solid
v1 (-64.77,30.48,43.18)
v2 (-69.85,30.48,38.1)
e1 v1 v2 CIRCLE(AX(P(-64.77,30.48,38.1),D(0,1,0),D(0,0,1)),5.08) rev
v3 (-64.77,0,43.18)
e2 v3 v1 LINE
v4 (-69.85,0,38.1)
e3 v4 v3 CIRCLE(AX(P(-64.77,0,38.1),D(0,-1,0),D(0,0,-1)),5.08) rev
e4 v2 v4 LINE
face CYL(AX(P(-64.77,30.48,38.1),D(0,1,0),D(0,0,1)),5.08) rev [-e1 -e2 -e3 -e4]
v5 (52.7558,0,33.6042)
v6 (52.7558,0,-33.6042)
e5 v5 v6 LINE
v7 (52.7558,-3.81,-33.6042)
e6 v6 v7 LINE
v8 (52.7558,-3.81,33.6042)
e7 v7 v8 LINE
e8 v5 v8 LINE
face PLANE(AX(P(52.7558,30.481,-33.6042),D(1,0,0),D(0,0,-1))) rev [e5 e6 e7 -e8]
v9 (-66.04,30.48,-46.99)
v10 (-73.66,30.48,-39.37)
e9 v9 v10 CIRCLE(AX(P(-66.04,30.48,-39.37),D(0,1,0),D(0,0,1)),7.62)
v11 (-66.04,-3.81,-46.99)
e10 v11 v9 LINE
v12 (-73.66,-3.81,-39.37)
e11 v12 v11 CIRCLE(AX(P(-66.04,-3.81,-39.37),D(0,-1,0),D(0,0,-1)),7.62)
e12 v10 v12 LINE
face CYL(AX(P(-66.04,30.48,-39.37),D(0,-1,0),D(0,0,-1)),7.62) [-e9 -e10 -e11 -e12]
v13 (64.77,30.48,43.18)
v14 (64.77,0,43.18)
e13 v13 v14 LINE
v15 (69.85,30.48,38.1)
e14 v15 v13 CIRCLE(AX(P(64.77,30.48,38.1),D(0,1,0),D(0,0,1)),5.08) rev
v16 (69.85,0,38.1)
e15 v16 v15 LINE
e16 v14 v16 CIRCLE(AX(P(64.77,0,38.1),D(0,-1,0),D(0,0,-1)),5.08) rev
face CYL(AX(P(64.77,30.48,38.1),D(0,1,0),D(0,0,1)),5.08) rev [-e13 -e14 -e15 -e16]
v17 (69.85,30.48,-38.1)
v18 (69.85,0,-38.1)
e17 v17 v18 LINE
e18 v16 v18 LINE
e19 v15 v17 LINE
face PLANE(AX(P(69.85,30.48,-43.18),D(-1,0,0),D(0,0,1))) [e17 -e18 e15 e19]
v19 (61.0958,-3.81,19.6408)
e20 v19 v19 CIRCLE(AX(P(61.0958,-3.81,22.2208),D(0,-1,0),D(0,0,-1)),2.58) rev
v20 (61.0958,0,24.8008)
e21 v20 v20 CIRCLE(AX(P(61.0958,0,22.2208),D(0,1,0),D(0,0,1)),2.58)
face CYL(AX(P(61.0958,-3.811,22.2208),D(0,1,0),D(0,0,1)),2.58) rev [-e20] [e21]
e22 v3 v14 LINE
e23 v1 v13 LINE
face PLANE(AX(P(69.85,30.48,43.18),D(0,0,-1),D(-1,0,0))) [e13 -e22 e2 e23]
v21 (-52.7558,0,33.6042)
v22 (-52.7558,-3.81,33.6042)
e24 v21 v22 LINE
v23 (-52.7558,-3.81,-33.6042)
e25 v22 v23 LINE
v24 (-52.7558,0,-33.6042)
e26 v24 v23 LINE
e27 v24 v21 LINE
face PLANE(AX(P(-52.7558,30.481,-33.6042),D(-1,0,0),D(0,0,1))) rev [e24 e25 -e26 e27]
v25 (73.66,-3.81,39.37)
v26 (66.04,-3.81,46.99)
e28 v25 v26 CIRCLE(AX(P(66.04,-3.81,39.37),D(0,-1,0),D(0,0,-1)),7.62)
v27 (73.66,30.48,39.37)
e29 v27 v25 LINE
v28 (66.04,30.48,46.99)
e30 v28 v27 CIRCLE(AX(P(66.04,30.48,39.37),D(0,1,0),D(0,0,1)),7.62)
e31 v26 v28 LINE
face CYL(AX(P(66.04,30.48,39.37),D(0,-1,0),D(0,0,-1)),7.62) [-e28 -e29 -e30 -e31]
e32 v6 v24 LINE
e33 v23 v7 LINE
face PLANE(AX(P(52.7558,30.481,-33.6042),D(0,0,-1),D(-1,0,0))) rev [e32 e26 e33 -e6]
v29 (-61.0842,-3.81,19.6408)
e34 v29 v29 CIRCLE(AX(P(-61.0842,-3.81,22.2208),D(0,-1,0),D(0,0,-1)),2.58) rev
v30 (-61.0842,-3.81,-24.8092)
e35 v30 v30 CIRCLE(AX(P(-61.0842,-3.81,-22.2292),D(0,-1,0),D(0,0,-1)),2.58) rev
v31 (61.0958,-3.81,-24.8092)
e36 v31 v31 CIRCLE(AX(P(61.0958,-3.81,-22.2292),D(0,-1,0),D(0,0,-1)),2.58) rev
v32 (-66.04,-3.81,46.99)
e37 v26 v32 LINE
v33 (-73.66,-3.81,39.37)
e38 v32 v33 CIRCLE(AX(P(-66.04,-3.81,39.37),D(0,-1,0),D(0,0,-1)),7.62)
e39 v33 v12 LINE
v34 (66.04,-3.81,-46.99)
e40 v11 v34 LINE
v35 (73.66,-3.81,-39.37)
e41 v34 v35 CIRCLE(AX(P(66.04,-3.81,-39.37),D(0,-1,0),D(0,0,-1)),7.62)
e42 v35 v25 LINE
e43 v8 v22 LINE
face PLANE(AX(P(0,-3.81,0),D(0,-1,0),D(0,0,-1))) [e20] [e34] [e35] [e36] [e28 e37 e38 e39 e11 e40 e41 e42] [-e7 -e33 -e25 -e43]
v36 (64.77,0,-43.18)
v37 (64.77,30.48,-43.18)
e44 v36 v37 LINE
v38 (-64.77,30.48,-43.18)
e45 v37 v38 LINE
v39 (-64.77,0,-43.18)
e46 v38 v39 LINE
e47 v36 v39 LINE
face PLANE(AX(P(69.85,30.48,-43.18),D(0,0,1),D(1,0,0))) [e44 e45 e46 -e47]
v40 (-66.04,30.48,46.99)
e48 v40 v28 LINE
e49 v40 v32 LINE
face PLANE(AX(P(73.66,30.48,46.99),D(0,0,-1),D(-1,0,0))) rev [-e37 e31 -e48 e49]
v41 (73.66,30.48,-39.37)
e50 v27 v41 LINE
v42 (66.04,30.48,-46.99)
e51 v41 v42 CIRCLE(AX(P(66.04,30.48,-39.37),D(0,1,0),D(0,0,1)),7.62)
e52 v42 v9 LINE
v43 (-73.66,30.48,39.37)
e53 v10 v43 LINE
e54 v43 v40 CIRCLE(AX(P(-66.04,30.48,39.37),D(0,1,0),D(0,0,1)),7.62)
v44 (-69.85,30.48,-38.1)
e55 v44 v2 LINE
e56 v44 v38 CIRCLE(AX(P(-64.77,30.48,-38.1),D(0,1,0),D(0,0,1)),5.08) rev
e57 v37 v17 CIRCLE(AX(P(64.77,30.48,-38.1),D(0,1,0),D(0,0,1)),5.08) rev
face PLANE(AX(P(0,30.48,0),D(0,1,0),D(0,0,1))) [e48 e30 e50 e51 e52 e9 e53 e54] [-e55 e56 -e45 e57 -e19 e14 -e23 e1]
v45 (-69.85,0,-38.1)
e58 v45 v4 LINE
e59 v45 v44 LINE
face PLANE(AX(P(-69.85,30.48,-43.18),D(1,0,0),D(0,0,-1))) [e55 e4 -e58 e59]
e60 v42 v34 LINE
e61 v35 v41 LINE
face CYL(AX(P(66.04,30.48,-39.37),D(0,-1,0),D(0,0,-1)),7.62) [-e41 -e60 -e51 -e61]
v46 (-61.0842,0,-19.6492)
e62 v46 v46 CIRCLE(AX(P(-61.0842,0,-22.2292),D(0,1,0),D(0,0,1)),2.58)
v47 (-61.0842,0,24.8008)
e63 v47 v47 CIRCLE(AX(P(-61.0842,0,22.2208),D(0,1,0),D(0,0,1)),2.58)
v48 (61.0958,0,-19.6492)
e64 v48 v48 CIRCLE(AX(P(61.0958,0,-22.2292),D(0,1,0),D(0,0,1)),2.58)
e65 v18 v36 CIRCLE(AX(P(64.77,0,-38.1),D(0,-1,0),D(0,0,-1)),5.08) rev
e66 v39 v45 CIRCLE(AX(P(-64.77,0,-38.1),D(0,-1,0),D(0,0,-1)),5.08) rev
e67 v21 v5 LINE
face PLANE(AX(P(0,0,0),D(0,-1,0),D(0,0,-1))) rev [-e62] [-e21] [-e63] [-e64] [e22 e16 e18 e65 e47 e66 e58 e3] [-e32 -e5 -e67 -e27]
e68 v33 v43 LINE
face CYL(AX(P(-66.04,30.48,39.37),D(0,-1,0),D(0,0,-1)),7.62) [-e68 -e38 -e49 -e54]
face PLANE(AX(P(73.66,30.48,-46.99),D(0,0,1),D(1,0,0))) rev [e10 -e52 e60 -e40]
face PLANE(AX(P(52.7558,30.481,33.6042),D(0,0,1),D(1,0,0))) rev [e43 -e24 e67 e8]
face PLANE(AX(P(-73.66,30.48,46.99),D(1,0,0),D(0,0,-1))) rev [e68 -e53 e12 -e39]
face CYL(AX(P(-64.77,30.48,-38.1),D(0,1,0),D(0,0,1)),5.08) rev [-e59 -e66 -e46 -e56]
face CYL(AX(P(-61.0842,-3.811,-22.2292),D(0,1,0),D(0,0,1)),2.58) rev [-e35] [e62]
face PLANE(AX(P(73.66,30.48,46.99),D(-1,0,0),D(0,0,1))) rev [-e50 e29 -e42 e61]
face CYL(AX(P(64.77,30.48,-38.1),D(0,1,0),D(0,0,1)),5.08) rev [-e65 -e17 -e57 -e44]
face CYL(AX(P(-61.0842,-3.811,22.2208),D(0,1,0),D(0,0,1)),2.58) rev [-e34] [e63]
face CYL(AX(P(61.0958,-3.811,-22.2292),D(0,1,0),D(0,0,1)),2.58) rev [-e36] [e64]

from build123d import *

# Parameters (mm, degrees)
SKETCH1_W           = 147.32
SKETCH1_H           = 93.98
SKETCH1_W_2         = 139.7
SKETCH1_H_2         = 86.36
BOSS_EXTRUDE1_DEPTH = 30.48
SKETCH2_W           = 147.32
SKETCH2_H           = 93.98
BOSS_EXTRUDE2_DEPTH = 3.81
FILLET1_R           = 7.62
FILLET2_R           = 5.08
CUT_EXTRUDE2_REACH  = 95.86
SKETCH4_W           = 105.5116
SKETCH4_H           = 67.2084
CUT_EXTRUDE3_REACH  = 94.536
SKETCH5_R           = 2.58


with BuildPart() as part:
    # Sketch1 → Boss-Extrude1 (new body)
    with BuildSketch(Plane(origin=(0, 0, 0), x_dir=(1, 0, 0), z_dir=(0, 1, 0))):
        Rectangle(SKETCH1_W, SKETCH1_H)
        Rectangle(SKETCH1_W_2, SKETCH1_H_2, mode=Mode.SUBTRACT)
    extrude(amount=BOSS_EXTRUDE1_DEPTH)

    # Sketch2 → Boss-Extrude2 (add)
    with BuildSketch(Plane(origin=(0, 0, 0), x_dir=(-1, 0, 0), z_dir=(0, -1, 0))):
        Rectangle(SKETCH2_W, SKETCH2_H)
    extrude(amount=BOSS_EXTRUDE2_DEPTH)

    # Fillet1
    fillet1_edges = [part.edges().sort_by_distance(p)[0] for p in [
        (-73.66, 13.335, -46.99),
        (73.66, 13.335, -46.99),
        (73.66, 13.335, 46.99),
        (-73.66, 13.335, 46.99),
    ]]
    fillet(fillet1_edges, radius=FILLET1_R)

    # Fillet2
    fillet2_edges = [part.edges().sort_by_distance(p)[0] for p in [
        (-69.85, 15.24, -43.18),
        (-69.85, 15.24, 43.18),
        (69.85, 15.24, 43.18),
        (69.85, 15.24, -43.18),
    ]]
    fillet(fillet2_edges, radius=FILLET2_R)

    # Sketch4 → Cut-Extrude2 (cut, up to next)
    with BuildSketch(Plane.XZ.offset(3.81), mode=Mode.PRIVATE) as cut_extrude2_sk1:
        Rectangle(SKETCH4_W, SKETCH4_H)
    cut_extrude2_tool1 = extrude(cut_extrude2_sk1.sketch, amount=-CUT_EXTRUDE2_REACH, mode=Mode.PRIVATE) & part.part
    add(cut_extrude2_tool1.solids().sort_by_distance((0, -3.81, 0))[0], mode=Mode.SUBTRACT)

    # Sketch5 → Cut-Extrude3 (cut, up to next)
    with BuildSketch(Plane(origin=(0, 0, 0), x_dir=(1, 0, 0), z_dir=(0, 1, 0)), mode=Mode.PRIVATE) as cut_extrude3_sk1:
        with Locations(Location((-61.0842, -22.2208, 0), (0, 0, 270))):
            Circle(SKETCH5_R)
    cut_extrude3_tool1 = extrude(cut_extrude3_sk1.sketch, amount=-CUT_EXTRUDE3_REACH, mode=Mode.PRIVATE) & part.part
    # Sketch5 → Cut-Extrude3 (cut, up to next)
    with BuildSketch(Plane(origin=(0, 0, 0), x_dir=(1, 0, 0), z_dir=(0, 1, 0)), mode=Mode.PRIVATE) as cut_extrude3_sk2:
        with Locations(Location((61.0958, -22.2208, 0), (0, 0, 270))):
            Circle(SKETCH5_R)
    cut_extrude3_tool2 = extrude(cut_extrude3_sk2.sketch, amount=-CUT_EXTRUDE3_REACH, mode=Mode.PRIVATE) & part.part
    # Sketch5 → Cut-Extrude3 (cut, up to next)
    with BuildSketch(Plane(origin=(0, 0, 0), x_dir=(1, 0, 0), z_dir=(0, 1, 0)), mode=Mode.PRIVATE) as cut_extrude3_sk3:
        with Locations(Location((61.0958, 22.2292, 0), (0, 0, 270))):
            Circle(SKETCH5_R)
    cut_extrude3_tool3 = extrude(cut_extrude3_sk3.sketch, amount=-CUT_EXTRUDE3_REACH, mode=Mode.PRIVATE) & part.part
    # Sketch5 → Cut-Extrude3 (cut, up to next)
    with BuildSketch(Plane(origin=(0, 0, 0), x_dir=(1, 0, 0), z_dir=(0, 1, 0)), mode=Mode.PRIVATE) as cut_extrude3_sk4:
        with Locations(Location((-61.0842, 22.2292, 0), (0, 0, 270))):
            Circle(SKETCH5_R)
    cut_extrude3_tool4 = extrude(cut_extrude3_sk4.sketch, amount=-CUT_EXTRUDE3_REACH, mode=Mode.PRIVATE) & part.part
    add(cut_extrude3_tool1.solids().sort_by_distance((-61.0842, 0, 22.2208))[0], mode=Mode.SUBTRACT)
    add(cut_extrude3_tool2.solids().sort_by_distance((61.0958, 0, 22.2208))[0], mode=Mode.SUBTRACT)
    add(cut_extrude3_tool3.solids().sort_by_distance((61.0958, 0, -22.2292))[0], mode=Mode.SUBTRACT)
    add(cut_extrude3_tool4.solids().sort_by_distance((-61.0842, 0, -22.2292))[0], mode=Mode.SUBTRACT)


solid = part.part
